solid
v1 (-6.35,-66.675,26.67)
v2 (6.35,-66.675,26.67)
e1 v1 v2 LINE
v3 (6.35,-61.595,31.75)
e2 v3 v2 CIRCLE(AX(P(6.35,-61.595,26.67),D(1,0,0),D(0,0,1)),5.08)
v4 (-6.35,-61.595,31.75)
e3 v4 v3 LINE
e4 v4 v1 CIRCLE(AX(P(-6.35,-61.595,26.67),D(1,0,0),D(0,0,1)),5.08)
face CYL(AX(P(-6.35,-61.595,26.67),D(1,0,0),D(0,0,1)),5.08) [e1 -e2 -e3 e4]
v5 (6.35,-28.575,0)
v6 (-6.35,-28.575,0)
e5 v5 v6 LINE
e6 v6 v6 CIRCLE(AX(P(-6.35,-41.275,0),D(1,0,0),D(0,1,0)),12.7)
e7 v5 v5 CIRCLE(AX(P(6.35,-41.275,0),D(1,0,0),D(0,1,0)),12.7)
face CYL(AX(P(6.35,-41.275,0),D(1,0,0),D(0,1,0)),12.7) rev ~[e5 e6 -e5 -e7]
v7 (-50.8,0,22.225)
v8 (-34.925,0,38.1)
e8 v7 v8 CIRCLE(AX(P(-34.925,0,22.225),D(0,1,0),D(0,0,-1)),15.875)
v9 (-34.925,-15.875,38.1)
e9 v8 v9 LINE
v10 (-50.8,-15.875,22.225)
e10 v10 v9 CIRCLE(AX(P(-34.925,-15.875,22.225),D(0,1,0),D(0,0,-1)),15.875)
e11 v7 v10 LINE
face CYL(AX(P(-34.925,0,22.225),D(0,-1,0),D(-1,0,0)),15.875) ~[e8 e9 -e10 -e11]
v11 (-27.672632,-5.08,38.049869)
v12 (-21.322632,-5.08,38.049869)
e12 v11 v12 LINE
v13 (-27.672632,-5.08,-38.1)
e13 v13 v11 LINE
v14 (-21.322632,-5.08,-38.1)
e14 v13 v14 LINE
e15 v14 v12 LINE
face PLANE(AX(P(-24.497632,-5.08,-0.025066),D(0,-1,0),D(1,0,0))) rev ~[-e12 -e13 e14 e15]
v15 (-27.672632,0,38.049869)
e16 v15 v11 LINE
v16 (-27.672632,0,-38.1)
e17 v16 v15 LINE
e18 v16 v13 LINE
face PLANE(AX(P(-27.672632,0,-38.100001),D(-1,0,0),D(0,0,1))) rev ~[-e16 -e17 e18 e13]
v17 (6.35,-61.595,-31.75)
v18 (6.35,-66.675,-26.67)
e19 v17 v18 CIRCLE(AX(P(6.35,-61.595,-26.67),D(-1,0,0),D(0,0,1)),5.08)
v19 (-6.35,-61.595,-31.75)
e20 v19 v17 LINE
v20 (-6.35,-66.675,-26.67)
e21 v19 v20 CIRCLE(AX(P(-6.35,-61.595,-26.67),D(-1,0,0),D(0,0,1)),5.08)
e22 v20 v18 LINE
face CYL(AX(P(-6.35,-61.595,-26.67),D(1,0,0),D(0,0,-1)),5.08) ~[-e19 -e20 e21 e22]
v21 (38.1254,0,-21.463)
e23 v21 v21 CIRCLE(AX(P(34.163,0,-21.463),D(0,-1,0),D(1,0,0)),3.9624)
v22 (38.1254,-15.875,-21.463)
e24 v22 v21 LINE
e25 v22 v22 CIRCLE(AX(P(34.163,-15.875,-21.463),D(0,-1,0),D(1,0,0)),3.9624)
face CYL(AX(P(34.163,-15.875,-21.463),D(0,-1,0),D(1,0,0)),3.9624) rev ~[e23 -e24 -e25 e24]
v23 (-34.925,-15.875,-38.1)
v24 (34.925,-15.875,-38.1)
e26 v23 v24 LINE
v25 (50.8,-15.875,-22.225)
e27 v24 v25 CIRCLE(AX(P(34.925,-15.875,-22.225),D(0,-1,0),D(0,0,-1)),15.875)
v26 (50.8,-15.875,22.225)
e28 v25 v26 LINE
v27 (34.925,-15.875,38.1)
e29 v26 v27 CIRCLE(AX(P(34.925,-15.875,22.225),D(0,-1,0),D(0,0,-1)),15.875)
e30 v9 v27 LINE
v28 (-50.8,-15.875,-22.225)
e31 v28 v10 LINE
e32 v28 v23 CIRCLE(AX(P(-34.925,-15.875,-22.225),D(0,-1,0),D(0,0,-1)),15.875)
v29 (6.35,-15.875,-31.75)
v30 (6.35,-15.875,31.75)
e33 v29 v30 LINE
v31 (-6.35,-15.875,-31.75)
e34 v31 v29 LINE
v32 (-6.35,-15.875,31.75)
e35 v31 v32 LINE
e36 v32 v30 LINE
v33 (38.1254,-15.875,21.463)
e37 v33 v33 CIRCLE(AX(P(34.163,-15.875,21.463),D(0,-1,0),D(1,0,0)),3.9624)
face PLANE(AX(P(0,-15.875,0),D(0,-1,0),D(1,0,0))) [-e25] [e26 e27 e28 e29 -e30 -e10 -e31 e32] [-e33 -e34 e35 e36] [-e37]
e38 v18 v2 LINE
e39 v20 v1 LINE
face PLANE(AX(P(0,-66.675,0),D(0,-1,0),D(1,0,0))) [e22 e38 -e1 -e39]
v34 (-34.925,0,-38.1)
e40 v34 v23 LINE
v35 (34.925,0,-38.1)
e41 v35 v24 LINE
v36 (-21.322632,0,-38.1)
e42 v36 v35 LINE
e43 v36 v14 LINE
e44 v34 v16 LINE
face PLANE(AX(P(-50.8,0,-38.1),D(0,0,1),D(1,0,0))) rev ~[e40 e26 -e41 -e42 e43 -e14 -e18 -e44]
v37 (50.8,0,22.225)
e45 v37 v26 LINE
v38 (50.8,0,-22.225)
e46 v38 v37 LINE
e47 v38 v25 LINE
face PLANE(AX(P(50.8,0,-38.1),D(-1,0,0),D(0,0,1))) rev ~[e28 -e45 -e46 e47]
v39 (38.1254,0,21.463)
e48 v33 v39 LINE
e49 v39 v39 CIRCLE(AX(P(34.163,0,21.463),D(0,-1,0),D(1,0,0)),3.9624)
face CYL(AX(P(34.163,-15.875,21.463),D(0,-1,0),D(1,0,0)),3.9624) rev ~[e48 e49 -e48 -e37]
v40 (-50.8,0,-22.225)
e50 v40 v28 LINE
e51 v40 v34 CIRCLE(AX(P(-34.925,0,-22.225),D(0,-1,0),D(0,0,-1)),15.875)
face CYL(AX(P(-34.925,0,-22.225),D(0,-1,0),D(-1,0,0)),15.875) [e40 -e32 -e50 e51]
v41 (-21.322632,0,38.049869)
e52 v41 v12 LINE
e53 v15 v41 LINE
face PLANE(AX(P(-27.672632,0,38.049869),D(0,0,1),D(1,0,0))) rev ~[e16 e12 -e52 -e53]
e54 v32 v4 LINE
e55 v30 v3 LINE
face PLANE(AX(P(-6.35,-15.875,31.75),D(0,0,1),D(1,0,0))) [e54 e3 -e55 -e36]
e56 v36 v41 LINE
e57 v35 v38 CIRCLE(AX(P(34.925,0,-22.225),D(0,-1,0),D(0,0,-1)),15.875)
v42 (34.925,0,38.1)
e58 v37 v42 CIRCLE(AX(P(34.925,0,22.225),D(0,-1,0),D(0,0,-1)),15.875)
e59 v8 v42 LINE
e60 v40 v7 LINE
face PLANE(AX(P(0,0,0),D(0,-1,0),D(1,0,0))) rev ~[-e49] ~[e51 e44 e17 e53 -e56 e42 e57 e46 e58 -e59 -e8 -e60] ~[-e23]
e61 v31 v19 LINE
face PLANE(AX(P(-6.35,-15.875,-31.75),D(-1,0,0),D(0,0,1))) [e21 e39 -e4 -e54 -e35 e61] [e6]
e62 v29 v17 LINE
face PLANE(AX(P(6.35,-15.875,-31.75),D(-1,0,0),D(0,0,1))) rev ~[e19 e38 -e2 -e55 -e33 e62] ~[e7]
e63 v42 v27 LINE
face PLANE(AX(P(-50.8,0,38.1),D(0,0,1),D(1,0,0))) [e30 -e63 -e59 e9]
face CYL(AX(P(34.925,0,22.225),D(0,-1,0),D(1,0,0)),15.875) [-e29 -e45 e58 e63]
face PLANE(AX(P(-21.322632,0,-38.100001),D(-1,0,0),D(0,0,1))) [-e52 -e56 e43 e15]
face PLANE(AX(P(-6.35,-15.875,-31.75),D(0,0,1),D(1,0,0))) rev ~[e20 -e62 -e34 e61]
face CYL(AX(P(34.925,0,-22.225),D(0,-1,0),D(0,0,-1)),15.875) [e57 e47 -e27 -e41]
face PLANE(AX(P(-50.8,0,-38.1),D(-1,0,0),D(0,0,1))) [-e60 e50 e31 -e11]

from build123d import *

# Parameters (mm, degrees)
F0_W      = 101.6
F0_H      = 76.2
F1_DEPTH  = 15.875
F2_R      = 15.875
F3_R      = 3.9624
F4_DEPTH  = 25.4
F5_W      = 12.7
F5_H      = 63.5
F6_DEPTH  = 50.8
F7_R      = 5.08
F8_R      = 12.7
F9_DEPTH  = 25.4
F10_W     = 6.35
F10_H     = 76.149869
F11_DEPTH = 5.08


with BuildPart() as f1:
    # F0 (on Front) → F1 (new body)
    with BuildSketch(Plane.XZ):
        Rectangle(F0_W, F0_H)
    extrude(amount=F1_DEPTH)

    # F2
    f2_edges = [f1.edges().sort_by_distance(p)[0] for p in [
        (-50.8, -7.9375, 38.1),
        (50.8, -7.9375, 38.1),
        (50.8, -7.9375, -38.1),
        (-50.8, -7.9375, -38.1),
    ]]
    fillet(f2_edges, radius=F2_R)

    # F3 (on face) → F4 (cut)
    with BuildSketch(Plane.XZ.offset(15.875)):
        with Locations((34.163, -21.463)):
            Circle(F3_R)
        with Locations((34.163, 21.463)):
            Circle(F3_R)
    extrude(amount=-F4_DEPTH, mode=Mode.SUBTRACT)

    # F5 (on face) → F6 (join)
    with BuildSketch(Plane.XZ.offset(15.875)):
        Rectangle(F5_W, F5_H)
    extrude(amount=F6_DEPTH)

    # F7
    f7_edges = [f1.edges().sort_by_distance(p)[0] for p in [
        (0, -66.675, -31.75),
        (0, -66.675, 31.75),
    ]]
    fillet(f7_edges, radius=F7_R)

    # F8 (on face) → F9 (cut)
    with BuildSketch(Plane.YZ.offset(6.35)):
        with Locations((-41.275, 0)):
            Circle(F8_R)
    extrude(amount=-F9_DEPTH, mode=Mode.SUBTRACT)

    # F10 (on face) → F11 (cut)
    with BuildSketch(Plane.XZ):
        with Locations((-24.497632, -0.025066)):
            Rectangle(F10_W, F10_H)
    extrude(amount=F11_DEPTH, mode=Mode.SUBTRACT)


solid = f1.part
